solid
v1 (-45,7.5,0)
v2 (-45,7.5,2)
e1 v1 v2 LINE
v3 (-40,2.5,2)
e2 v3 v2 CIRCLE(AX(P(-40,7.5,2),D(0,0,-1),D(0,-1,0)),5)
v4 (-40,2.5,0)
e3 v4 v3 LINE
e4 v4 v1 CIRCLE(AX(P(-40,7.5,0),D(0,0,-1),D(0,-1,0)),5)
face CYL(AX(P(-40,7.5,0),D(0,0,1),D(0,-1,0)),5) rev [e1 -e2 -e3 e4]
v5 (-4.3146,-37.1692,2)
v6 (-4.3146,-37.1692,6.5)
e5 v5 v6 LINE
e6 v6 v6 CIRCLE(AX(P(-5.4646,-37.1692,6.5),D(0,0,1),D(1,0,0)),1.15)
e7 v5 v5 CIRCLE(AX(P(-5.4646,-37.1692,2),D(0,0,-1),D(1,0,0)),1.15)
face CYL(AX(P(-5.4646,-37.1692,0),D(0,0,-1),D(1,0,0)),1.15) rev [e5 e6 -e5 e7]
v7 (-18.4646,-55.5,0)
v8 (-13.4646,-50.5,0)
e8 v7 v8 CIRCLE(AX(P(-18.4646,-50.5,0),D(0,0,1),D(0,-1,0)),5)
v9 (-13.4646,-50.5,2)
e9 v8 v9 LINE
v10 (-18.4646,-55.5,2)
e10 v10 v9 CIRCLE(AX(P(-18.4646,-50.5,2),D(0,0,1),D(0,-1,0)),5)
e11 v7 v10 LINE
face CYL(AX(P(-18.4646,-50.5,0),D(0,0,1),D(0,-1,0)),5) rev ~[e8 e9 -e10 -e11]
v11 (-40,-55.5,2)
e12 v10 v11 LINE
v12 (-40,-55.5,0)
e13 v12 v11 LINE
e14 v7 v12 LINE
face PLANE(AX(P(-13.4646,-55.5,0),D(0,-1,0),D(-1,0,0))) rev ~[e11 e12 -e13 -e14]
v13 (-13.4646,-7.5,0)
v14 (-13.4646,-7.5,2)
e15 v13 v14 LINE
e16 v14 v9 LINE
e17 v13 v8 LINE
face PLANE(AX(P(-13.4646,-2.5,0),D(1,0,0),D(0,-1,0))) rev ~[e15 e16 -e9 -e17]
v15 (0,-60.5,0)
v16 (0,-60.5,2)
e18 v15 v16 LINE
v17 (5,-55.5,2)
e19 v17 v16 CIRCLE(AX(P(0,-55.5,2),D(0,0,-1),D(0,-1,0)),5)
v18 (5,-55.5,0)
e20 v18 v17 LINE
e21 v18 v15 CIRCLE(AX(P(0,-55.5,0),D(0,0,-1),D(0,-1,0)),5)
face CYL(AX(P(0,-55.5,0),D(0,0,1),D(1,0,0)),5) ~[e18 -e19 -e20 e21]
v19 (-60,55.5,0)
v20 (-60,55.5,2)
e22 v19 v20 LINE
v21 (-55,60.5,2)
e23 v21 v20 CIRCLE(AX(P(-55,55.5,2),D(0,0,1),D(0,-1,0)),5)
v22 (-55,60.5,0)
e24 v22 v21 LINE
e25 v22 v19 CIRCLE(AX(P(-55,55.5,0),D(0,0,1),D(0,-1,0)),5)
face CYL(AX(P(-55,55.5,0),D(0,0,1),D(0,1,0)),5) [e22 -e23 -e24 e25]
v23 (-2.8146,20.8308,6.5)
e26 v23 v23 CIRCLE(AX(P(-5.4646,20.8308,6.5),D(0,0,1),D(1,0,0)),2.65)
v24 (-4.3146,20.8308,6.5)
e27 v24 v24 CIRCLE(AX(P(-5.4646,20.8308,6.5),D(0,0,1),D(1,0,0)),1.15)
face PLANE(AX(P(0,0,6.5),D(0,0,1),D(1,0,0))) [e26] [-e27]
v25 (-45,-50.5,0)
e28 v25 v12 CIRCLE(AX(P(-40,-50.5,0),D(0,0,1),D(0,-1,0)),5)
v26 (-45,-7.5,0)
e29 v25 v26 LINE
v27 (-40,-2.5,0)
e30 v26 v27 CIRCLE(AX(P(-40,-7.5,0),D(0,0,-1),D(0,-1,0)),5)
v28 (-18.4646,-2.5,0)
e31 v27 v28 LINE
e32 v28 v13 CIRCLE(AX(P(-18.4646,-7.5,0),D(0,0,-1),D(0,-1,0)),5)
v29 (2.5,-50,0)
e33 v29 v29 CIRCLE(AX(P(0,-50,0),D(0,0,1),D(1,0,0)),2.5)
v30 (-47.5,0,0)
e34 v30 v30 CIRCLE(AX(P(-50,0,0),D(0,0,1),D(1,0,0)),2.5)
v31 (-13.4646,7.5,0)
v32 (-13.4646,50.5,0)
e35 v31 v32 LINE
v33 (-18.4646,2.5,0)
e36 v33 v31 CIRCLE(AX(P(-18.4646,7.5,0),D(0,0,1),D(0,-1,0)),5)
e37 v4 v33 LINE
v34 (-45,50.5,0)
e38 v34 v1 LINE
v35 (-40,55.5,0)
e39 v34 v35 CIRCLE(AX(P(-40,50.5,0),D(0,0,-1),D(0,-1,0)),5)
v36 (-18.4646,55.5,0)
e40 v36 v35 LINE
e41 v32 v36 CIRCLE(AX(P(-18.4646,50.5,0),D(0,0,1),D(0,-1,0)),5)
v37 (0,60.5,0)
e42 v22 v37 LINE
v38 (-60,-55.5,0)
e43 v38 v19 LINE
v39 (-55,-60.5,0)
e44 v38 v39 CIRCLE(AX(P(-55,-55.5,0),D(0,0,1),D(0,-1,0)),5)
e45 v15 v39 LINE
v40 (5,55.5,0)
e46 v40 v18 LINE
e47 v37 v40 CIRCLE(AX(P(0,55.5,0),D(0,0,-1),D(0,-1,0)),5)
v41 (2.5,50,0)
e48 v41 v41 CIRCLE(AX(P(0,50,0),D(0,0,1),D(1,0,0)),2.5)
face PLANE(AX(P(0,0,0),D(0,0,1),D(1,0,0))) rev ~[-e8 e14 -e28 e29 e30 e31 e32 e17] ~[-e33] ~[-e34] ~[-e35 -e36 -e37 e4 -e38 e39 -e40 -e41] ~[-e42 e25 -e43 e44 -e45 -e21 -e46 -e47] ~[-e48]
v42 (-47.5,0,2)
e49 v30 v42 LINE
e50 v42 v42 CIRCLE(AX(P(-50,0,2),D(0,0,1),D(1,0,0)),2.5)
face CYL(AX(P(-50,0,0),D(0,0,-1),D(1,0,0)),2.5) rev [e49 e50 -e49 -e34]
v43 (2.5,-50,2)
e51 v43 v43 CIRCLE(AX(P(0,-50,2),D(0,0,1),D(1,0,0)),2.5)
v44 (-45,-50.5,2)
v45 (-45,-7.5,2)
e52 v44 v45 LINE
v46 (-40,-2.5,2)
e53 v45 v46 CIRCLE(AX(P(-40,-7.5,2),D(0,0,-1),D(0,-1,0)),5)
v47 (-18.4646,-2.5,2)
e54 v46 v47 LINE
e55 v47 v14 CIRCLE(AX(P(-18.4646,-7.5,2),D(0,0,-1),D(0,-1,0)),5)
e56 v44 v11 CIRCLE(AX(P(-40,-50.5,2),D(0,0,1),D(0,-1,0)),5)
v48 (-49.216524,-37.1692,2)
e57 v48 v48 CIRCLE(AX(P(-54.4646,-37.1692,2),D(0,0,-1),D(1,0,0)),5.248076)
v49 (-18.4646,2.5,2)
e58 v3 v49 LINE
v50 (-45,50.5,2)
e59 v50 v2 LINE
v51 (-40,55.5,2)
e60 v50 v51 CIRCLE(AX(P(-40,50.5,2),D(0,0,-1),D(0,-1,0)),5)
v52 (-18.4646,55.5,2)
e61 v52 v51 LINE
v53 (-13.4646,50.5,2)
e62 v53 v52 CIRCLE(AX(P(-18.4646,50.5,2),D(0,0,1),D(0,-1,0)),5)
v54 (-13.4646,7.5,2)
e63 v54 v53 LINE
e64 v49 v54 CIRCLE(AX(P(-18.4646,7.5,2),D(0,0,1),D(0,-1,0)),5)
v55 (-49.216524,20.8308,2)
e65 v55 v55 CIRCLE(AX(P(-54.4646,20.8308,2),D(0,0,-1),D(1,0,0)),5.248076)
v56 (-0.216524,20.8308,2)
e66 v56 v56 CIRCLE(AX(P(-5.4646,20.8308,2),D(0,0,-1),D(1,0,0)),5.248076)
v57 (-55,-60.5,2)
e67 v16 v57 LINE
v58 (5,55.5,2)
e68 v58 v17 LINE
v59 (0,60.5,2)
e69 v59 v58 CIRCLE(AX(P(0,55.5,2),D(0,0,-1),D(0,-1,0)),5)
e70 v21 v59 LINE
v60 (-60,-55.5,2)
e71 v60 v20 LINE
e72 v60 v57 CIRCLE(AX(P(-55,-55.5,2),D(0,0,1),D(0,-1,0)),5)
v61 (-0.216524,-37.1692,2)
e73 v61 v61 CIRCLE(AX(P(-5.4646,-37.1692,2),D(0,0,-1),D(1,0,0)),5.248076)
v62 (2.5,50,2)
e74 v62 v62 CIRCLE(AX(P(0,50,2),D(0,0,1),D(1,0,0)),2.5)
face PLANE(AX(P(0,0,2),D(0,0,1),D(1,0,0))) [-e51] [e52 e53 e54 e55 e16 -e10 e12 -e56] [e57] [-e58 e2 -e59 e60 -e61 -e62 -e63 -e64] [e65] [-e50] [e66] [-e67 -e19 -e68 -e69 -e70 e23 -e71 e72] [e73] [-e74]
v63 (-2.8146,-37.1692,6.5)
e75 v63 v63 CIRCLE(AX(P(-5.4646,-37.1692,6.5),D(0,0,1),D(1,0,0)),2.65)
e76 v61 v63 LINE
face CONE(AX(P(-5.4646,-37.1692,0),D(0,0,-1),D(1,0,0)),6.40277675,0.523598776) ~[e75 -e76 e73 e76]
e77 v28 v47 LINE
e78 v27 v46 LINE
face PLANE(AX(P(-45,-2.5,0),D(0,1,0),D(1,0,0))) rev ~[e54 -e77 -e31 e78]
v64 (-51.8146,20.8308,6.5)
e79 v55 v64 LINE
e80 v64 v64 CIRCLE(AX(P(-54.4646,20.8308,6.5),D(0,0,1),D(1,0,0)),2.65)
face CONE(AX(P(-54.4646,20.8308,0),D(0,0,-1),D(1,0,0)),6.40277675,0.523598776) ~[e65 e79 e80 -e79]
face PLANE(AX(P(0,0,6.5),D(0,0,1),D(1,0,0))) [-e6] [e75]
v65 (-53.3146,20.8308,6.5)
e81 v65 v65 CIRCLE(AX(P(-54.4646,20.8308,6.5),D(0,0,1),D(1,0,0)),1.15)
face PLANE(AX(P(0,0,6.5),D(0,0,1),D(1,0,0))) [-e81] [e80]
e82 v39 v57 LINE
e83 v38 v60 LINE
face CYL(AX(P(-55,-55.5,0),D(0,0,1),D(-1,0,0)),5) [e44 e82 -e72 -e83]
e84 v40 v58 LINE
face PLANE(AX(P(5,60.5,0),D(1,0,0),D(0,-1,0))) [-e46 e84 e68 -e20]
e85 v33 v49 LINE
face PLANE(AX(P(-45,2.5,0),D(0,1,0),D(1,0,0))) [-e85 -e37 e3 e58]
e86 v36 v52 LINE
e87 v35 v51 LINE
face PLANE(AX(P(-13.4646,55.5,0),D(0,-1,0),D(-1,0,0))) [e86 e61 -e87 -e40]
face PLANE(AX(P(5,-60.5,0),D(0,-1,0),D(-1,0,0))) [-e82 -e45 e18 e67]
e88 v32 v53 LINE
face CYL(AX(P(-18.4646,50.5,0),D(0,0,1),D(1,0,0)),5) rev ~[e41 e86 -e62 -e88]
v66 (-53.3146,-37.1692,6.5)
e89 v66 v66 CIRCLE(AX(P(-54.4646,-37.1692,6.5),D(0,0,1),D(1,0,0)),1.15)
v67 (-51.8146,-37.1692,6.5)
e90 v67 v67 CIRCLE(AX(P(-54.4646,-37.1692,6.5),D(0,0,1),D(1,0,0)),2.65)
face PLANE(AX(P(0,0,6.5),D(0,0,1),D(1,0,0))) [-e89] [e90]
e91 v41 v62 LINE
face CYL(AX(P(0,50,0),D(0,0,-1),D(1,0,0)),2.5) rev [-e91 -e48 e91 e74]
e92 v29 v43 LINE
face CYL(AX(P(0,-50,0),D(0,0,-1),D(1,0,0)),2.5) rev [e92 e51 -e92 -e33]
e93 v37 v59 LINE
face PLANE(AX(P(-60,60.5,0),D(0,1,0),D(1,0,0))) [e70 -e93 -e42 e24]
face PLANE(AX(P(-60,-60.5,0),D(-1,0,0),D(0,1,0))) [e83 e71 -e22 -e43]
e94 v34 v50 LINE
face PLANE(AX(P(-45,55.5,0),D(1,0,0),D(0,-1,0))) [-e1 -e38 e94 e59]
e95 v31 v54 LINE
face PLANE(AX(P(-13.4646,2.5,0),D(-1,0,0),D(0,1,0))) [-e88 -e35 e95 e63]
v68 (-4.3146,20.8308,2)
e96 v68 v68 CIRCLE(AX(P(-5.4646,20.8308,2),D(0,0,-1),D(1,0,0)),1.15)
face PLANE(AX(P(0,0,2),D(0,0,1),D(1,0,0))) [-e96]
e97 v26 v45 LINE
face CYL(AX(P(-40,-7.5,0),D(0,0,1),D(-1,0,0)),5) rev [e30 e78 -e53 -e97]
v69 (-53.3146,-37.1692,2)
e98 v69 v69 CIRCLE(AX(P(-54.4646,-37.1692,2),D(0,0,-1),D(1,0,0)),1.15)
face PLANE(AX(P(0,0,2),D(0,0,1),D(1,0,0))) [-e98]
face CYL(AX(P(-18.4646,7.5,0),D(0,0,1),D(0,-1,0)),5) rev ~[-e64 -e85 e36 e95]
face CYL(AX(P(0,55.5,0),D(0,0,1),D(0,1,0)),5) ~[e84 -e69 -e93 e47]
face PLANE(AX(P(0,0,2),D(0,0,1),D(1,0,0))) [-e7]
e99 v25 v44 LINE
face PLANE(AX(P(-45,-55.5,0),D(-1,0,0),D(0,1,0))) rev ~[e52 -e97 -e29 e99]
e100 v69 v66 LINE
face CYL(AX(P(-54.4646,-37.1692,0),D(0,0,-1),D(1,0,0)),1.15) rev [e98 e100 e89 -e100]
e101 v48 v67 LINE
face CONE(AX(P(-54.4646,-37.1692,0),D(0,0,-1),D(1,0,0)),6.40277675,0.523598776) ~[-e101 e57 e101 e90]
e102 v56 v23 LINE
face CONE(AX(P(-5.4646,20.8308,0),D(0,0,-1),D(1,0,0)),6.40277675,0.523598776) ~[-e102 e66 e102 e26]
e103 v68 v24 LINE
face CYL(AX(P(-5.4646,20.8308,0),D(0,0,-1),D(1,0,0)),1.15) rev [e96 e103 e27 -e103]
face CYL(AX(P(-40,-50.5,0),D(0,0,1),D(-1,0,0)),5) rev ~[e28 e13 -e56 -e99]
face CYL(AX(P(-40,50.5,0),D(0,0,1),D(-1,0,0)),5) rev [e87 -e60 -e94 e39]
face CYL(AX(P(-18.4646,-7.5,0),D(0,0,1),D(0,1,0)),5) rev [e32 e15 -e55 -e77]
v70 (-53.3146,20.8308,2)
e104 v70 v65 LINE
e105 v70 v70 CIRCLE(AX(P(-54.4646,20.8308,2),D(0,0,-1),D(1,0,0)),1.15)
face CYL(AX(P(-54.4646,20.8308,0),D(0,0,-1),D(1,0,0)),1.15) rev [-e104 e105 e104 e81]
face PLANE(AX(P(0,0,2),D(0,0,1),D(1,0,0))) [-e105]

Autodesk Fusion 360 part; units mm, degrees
sketch "Sketch1" plane through (0, 0, 0) normal (0, 0, 1) x (1, 0, 0)
  line L0 (65.5, -65.5) -> (-65.5, -65.5) construction
  line L1 (-65.5, -65.5) -> (-65.5, 65.5) construction
  line L2 (-65.5, 65.5) -> (65.5, 65.5) construction
  line L3 (65.5, 65.5) -> (65.5, -65.5) construction
  line L4 (65.5, -65.5) -> (-65.5, 65.5) construction
  line L5 (-65.5, -65.5) -> (65.5, 65.5) construction
  line L6 (0, 50) -> (0, -50) construction
  line L7 (-50, 0) -> (50, 0) construction
  line L8 (-60, 60.5) -> (5, 60.5)
  line L9 (5, 60.5) -> (5, -60.5)
  line L10 (5, -60.5) -> (-60, -60.5)
  line L11 (-60, -60.5) -> (-60, 60.5)
  circle A0 centre (-50, 0) radius 2.5
  circle A1 centre (0, 50) radius 2.5
  circle A2 centre (0, -50) radius 2.5
  line L12 (-54.4646, 20.8308) -> (-5.4646, 20.8308) construction
  line L13 (-5.4646, 20.8308) -> (-5.4646, -37.1692) construction
  line L14 (-5.4646, -37.1692) -> (-54.4646, -37.1692) construction
  line L15 (-54.4646, -37.1692) -> (-54.4646, 20.8308) construction
  circle A3 centre (-54.4646, 20.8308) radius 1.15
  circle A4 centre (-54.4646, 20.8308) radius 2.65
  circle A5 centre (-5.4646, 20.8308) radius 1.15
  circle A6 centre (-5.4646, 20.8308) radius 2.65
  circle A7 centre (-54.4646, -37.1692) radius 1.15
  circle A8 centre (-54.4646, -37.1692) radius 2.65
  circle A9 centre (-5.4646, -37.1692) radius 1.15
  circle A10 centre (-5.4646, -37.1692) radius 2.65
  line L16 (-45, 2.5) -> (-13.4646, 2.5)
  line L17 (-13.4646, 2.5) -> (-13.4646, 55.5)
  line L18 (-13.4646, 55.5) -> (-45, 55.5)
  line L19 (-45, 55.5) -> (-45, 2.5)
  line L20 (-45, -2.5) -> (-13.4646, -2.5)
  line L21 (-13.4646, -2.5) -> (-13.4646, -55.5)
  line L22 (-13.4646, -55.5) -> (-45, -55.5)
  line L23 (-45, -55.5) -> (-45, -2.5)
  point P0 (5, 0)
  dimension "d4" = 131
  dimension "d5" = 131
  dimension "d6" = 100
  dimension "d7" = 100
  dimension "d8" = 5
  dimension "d9" = 5
  dimension "d10" = 5
  dimension "d14" = 5
  dimension "d15" = 10
  dimension "d16" = 49
  dimension "d17" = 58
  dimension "d18" = 2.3
  dimension "d19" = 1.5
  dimension "d22" = 49
  dimension "d23" = -58
  dimension "d32" = 5
  dimension "d33" = 5
  dimension "d35" = 8
  dimension "d36" = 2.5
  dimension "d37" = 2.5
  dimension "d38" = 5
  dimension "d39" = 5
  dimension "d40" = 8
  dimension "d41" = 5
  dimension "d42" = 5
extrude "Extrude1" add sketch "Sketch1" along normal blind 2 contours L8 L9 L10 L11 | A3 | A4 | A5 | A6 | A7 | A8 | A9 | A10
extrude "Extrude2" add sketch "Sketch1" along normal blind 6.5 contours A4 | A6 | A8 | A10
draft "Draft1" angle 30 neutral plane through (0, 0, 6.5) pull (0, 0, 1) 4 faces at (-51.8278, -36.9053, 3.5) (-51.8278, 21.0947, 3.5) (-2.8278, 21.0947, 3.5) (-2.8278, -36.9053, 3.5)
fillet "Fillet1" radius 5 12 edges at (-60, -60.5, 1) (5, -60.5, 1) (5, 60.5, 1) (-60, 60.5, 1) (-45, 55.5, 1) (-13.4646, 55.5, 1) (-13.4646, 2.5, 1) (-45, 2.5, 1) (-45, -2.5, 1) (-13.4646, -2.5, 1) (-13.4646, -55.5, 1) (-45, -55.5, 1)
